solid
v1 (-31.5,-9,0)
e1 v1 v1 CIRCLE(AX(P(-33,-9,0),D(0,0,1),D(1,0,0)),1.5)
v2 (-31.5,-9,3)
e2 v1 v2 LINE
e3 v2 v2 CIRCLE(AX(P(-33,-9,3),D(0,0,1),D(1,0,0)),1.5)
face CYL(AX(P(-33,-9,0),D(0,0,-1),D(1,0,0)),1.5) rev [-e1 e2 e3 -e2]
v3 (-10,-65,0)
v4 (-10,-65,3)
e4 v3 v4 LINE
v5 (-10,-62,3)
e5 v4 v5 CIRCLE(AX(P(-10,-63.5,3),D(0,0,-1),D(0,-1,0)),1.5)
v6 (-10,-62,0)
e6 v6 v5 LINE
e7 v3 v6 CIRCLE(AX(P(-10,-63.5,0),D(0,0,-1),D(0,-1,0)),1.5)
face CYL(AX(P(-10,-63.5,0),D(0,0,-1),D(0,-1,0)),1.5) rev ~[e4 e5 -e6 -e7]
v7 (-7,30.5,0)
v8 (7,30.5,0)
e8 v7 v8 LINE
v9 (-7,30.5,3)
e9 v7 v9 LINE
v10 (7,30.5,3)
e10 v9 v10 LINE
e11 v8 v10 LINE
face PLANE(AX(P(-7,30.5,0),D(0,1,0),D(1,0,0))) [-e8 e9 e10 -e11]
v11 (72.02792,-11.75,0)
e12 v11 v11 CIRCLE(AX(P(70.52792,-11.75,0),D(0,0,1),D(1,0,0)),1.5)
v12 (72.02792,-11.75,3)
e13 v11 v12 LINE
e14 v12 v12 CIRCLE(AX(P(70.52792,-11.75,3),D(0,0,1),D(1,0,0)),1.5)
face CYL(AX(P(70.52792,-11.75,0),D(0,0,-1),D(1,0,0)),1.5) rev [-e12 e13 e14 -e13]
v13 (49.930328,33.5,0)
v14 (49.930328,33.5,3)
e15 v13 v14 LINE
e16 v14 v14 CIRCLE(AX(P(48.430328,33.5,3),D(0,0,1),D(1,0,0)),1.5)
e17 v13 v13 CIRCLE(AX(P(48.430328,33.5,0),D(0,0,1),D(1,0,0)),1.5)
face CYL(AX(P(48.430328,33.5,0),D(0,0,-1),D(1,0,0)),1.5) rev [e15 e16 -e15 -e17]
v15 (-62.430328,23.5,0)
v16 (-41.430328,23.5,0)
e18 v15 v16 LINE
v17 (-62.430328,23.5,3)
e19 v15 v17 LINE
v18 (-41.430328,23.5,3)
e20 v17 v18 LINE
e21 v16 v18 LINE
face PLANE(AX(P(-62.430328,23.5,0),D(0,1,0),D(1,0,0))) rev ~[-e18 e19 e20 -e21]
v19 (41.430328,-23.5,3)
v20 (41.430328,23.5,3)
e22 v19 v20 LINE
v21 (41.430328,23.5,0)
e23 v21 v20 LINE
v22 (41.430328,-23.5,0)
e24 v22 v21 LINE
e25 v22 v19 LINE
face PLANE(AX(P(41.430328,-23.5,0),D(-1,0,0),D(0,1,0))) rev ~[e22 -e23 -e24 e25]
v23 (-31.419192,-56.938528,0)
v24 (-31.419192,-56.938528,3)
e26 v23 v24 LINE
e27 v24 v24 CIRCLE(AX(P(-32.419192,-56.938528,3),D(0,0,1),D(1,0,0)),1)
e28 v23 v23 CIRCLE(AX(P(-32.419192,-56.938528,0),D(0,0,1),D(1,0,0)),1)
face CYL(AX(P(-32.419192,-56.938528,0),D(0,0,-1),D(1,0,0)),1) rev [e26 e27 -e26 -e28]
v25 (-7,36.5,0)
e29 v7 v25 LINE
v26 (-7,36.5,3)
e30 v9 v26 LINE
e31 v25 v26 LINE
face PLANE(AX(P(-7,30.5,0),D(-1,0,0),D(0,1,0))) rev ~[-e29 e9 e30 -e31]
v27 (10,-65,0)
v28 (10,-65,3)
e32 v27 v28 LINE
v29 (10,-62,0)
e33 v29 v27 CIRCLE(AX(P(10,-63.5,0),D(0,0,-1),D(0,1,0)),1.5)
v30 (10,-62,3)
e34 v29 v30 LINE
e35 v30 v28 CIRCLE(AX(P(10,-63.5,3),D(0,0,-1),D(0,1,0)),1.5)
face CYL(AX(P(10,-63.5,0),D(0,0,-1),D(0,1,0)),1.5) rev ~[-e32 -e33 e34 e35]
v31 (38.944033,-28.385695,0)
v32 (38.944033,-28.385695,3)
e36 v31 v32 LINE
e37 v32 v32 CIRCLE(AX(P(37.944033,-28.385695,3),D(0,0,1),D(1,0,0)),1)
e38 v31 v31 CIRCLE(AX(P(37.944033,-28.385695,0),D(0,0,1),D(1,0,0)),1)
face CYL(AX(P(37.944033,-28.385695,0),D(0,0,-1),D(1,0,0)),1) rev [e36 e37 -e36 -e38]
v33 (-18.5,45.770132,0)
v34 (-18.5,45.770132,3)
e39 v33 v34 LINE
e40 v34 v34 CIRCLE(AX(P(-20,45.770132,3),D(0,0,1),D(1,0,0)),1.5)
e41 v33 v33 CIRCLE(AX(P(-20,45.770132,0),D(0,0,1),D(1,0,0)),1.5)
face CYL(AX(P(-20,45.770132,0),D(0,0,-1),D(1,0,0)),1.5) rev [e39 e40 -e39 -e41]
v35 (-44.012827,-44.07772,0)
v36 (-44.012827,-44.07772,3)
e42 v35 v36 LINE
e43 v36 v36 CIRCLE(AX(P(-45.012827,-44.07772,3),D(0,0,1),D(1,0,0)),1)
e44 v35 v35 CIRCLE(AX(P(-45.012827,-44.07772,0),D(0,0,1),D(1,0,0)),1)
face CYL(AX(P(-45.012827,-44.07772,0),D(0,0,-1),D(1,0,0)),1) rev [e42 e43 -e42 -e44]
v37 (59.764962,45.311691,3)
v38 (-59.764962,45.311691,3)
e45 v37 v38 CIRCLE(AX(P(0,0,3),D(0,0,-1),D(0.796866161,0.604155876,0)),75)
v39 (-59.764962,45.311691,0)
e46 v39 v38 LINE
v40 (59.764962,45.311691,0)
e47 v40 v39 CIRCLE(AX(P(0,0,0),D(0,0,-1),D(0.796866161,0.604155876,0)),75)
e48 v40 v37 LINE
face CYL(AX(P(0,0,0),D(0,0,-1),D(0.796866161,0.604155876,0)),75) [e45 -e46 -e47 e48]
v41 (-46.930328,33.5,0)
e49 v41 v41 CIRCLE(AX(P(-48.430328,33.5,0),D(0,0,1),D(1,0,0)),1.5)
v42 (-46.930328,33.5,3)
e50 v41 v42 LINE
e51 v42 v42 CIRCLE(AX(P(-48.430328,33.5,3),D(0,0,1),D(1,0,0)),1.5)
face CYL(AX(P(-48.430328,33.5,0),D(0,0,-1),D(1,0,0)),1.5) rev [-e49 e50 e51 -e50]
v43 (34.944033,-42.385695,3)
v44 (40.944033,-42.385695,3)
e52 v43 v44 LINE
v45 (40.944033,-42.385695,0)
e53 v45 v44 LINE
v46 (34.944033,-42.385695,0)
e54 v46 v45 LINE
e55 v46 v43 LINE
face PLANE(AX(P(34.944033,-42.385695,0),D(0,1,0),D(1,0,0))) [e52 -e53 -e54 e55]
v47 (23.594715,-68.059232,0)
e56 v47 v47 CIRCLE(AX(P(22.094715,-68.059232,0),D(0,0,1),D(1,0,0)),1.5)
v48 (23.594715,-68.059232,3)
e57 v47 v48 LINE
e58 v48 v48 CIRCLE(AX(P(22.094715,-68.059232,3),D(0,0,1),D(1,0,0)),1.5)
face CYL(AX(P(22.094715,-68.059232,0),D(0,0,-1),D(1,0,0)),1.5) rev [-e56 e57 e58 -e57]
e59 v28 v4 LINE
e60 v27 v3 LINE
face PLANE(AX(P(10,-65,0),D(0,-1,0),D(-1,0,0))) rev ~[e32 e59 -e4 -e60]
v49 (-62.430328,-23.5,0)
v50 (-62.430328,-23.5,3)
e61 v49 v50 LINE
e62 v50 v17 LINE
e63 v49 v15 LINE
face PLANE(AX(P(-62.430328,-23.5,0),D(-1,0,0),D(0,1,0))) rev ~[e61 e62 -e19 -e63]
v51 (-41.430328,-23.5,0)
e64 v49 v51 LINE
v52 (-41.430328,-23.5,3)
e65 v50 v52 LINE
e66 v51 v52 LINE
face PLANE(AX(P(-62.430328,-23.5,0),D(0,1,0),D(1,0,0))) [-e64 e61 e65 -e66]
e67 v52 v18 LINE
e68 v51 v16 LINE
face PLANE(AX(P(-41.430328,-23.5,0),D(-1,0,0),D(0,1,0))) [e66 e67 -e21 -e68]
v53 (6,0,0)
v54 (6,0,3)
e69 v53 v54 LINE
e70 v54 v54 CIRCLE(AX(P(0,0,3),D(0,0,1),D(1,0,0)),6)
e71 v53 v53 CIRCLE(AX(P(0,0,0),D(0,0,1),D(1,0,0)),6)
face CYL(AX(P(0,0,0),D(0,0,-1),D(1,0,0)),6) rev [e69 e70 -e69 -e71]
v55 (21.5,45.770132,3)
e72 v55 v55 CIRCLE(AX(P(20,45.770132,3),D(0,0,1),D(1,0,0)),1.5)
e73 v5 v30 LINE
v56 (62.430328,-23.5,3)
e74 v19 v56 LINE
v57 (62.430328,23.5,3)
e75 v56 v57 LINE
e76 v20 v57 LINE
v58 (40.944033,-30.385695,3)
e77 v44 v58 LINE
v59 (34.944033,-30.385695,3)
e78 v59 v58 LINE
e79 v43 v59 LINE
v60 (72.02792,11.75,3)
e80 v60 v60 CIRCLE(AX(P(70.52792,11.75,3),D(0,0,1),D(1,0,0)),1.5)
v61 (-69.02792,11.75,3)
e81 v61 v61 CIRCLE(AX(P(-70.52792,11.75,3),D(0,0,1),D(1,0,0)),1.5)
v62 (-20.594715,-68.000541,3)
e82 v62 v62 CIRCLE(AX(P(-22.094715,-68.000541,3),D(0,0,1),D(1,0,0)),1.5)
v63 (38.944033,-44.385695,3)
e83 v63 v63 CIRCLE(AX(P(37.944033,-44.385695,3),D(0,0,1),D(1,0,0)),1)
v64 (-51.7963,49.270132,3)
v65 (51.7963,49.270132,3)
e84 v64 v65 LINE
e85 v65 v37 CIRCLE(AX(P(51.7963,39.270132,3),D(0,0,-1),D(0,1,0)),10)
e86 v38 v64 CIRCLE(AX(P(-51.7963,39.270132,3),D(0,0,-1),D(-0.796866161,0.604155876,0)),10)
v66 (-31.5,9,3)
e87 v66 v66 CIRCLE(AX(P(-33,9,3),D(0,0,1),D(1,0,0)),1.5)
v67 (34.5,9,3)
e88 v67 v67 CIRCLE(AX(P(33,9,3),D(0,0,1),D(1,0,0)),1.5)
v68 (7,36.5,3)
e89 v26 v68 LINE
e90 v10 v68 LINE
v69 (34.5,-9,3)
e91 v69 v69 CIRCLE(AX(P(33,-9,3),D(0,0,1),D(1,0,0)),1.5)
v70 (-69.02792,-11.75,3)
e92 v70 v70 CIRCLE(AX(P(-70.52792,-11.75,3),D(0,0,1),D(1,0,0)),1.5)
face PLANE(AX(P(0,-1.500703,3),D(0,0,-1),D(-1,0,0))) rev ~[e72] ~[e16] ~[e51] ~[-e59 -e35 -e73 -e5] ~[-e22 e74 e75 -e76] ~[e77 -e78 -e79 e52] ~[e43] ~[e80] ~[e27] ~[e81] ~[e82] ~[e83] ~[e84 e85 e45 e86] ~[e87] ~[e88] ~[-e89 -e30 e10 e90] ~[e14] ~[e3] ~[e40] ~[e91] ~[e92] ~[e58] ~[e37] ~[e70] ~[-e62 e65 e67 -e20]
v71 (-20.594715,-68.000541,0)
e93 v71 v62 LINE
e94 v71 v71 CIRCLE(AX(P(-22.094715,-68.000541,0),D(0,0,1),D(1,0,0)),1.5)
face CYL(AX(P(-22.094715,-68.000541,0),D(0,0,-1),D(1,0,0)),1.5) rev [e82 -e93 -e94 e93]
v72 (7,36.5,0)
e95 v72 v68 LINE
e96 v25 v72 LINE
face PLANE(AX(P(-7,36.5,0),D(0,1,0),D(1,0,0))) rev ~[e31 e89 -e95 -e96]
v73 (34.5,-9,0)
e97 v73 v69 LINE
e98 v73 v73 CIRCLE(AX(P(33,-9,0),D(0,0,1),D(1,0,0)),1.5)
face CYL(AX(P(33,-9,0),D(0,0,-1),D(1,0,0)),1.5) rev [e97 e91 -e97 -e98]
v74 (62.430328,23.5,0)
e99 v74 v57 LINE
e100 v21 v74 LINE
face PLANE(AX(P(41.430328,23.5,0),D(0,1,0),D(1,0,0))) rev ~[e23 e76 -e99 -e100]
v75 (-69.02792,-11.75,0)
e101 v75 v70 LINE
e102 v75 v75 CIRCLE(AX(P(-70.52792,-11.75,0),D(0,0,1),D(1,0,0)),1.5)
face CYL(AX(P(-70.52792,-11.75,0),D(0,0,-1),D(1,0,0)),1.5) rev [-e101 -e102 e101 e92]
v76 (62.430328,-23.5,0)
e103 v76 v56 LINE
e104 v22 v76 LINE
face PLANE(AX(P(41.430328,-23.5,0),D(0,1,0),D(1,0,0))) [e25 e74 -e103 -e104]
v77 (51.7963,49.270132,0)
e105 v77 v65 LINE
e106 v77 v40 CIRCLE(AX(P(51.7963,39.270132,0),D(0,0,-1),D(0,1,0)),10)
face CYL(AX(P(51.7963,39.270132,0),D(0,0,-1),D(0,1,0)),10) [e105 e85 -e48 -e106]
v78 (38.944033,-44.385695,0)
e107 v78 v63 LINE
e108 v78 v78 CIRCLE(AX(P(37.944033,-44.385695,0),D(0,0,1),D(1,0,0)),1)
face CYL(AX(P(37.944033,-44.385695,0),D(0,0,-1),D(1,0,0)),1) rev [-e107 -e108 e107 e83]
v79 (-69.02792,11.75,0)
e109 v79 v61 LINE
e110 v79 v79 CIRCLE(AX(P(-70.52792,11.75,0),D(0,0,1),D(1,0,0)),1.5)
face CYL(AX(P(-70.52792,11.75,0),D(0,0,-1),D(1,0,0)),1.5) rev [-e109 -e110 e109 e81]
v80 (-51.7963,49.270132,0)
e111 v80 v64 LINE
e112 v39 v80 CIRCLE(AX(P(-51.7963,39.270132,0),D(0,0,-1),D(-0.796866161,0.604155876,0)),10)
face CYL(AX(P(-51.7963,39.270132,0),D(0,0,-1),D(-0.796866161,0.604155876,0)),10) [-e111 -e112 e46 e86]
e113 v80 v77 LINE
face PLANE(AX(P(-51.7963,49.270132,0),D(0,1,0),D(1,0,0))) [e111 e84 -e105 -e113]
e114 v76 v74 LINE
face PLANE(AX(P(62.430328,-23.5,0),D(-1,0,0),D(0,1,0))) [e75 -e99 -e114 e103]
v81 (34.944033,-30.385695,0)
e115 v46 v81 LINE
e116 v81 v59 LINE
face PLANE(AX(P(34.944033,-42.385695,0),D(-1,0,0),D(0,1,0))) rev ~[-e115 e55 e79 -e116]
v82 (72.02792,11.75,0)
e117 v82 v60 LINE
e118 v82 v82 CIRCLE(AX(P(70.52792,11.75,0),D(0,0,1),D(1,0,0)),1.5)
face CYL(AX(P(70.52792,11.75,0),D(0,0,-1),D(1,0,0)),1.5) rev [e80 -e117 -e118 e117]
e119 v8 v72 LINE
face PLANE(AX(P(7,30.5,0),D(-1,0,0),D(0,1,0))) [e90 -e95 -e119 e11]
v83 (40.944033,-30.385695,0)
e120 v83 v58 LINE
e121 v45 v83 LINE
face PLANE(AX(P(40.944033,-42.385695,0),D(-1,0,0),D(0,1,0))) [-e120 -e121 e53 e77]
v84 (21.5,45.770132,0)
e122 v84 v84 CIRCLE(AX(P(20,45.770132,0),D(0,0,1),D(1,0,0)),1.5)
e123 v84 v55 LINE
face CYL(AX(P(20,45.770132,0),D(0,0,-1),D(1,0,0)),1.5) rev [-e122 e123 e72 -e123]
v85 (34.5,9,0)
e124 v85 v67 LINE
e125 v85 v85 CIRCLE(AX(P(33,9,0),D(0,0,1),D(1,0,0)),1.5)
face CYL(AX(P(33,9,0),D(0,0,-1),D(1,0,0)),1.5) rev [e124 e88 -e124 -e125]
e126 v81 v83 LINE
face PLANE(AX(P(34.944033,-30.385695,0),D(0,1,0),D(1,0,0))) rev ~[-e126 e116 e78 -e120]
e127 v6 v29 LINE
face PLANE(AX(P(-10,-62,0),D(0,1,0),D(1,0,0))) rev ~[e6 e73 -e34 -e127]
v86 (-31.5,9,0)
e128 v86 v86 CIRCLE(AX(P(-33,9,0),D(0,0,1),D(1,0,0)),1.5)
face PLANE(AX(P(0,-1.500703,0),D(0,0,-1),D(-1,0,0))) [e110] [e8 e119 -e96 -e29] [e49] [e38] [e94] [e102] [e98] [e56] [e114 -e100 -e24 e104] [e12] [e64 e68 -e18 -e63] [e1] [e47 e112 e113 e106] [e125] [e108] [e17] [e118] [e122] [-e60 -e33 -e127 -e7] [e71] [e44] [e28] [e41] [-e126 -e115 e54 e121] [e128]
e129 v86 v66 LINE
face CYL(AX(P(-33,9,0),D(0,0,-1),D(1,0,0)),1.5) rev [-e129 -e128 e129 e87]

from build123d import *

# Parameters (mm, degrees)
SKETCH1_R           = 1.5
SKETCH1_R_2         = 6
SKETCH1_R_3         = 1
SKETCH1_W           = 21
SKETCH1_H           = 47
SKETCH1_W_2         = 6
SKETCH1_H_2         = 12
SKETCH1_W_3         = 14
SKETCH1_H_3         = 6
BOSS_EXTRUDE2_DEPTH = 3


with BuildPart() as part:
    # Sketch1 → Boss-Extrude2 (new body)
    with BuildSketch(Plane.XY):
        with BuildLine():
            Line((-51.796300436, 49.270131922), (51.796300436, 49.270131922))
            ThreePointArc((51.796300436, 49.270131922), (56.24514368, 48.226012325), (59.764962041, 45.311690679))
            ThreePointArc((59.764962041, 45.311690679), (0, -75), (-59.764962041, 45.311690679))
            ThreePointArc((-59.764962041, 45.311690679), (-56.24514368, 48.226012325), (-51.796300436, 49.270131922))
        make_face()
        with Locations((22.094715098, -68.059231897)):
            Circle(SKETCH1_R, mode=Mode.SUBTRACT)
        with Locations((-22.094715098, -68.000540915)):
            Circle(SKETCH1_R, mode=Mode.SUBTRACT)
        Circle(SKETCH1_R_2, mode=Mode.SUBTRACT)
        with Locations((-33, 9)):
            Circle(SKETCH1_R, mode=Mode.SUBTRACT)
        with Locations((-33, -9)):
            Circle(SKETCH1_R, mode=Mode.SUBTRACT)
        with Locations((48.430328075, 33.5)):
            Circle(SKETCH1_R, mode=Mode.SUBTRACT)
        with Locations((20, 45.770131922)):
            Circle(SKETCH1_R, mode=Mode.SUBTRACT)
        with Locations((-20, 45.770131922)):
            Circle(SKETCH1_R, mode=Mode.SUBTRACT)
        with Locations((-48.430328075, 33.5)):
            Circle(SKETCH1_R, mode=Mode.SUBTRACT)
        with Locations((-32.419192278, -56.938528011)):
            Circle(SKETCH1_R_3, mode=Mode.SUBTRACT)
        with Locations((-45.012826675, -44.077720389)):
            Circle(SKETCH1_R_3, mode=Mode.SUBTRACT)
        with Locations((37.944032627, -28.385695159)):
            Circle(SKETCH1_R_3, mode=Mode.SUBTRACT)
        with Locations((37.944032627, -44.385695159)):
            Circle(SKETCH1_R_3, mode=Mode.SUBTRACT)
        with Locations((-70.527920003, 11.75)):
            Circle(SKETCH1_R, mode=Mode.SUBTRACT)
        with Locations((-70.527920003, -11.75)):
            Circle(SKETCH1_R, mode=Mode.SUBTRACT)
        with Locations((70.527920003, -11.75)):
            Circle(SKETCH1_R, mode=Mode.SUBTRACT)
        with Locations((70.527920003, 11.75)):
            Circle(SKETCH1_R, mode=Mode.SUBTRACT)
        with Locations((33, -9)):
            Circle(SKETCH1_R, mode=Mode.SUBTRACT)
        with Locations((33, 9)):
            Circle(SKETCH1_R, mode=Mode.SUBTRACT)
        with Locations((-51.930328075, 0)):
            Rectangle(SKETCH1_W, SKETCH1_H, mode=Mode.SUBTRACT)
        with BuildLine():
            Line((-10, -62), (10, -62))
            ThreePointArc((10, -62), (11.5, -63.5), (10, -65))
            Line((10, -65), (-10, -65))
            ThreePointArc((-10, -65), (-11.5, -63.5), (-10, -62))
        make_face(mode=Mode.SUBTRACT)
        with Locations((37.944032627, -36.385695159)):
            Rectangle(SKETCH1_W_2, SKETCH1_H_2, mode=Mode.SUBTRACT)
        with Locations((51.930328075, 0)):
            Rectangle(SKETCH1_W, SKETCH1_H, mode=Mode.SUBTRACT)
        with Locations((0, 33.5)):
            Rectangle(SKETCH1_W_3, SKETCH1_H_3, mode=Mode.SUBTRACT)
    extrude(amount=BOSS_EXTRUDE2_DEPTH)


solid = part.part
